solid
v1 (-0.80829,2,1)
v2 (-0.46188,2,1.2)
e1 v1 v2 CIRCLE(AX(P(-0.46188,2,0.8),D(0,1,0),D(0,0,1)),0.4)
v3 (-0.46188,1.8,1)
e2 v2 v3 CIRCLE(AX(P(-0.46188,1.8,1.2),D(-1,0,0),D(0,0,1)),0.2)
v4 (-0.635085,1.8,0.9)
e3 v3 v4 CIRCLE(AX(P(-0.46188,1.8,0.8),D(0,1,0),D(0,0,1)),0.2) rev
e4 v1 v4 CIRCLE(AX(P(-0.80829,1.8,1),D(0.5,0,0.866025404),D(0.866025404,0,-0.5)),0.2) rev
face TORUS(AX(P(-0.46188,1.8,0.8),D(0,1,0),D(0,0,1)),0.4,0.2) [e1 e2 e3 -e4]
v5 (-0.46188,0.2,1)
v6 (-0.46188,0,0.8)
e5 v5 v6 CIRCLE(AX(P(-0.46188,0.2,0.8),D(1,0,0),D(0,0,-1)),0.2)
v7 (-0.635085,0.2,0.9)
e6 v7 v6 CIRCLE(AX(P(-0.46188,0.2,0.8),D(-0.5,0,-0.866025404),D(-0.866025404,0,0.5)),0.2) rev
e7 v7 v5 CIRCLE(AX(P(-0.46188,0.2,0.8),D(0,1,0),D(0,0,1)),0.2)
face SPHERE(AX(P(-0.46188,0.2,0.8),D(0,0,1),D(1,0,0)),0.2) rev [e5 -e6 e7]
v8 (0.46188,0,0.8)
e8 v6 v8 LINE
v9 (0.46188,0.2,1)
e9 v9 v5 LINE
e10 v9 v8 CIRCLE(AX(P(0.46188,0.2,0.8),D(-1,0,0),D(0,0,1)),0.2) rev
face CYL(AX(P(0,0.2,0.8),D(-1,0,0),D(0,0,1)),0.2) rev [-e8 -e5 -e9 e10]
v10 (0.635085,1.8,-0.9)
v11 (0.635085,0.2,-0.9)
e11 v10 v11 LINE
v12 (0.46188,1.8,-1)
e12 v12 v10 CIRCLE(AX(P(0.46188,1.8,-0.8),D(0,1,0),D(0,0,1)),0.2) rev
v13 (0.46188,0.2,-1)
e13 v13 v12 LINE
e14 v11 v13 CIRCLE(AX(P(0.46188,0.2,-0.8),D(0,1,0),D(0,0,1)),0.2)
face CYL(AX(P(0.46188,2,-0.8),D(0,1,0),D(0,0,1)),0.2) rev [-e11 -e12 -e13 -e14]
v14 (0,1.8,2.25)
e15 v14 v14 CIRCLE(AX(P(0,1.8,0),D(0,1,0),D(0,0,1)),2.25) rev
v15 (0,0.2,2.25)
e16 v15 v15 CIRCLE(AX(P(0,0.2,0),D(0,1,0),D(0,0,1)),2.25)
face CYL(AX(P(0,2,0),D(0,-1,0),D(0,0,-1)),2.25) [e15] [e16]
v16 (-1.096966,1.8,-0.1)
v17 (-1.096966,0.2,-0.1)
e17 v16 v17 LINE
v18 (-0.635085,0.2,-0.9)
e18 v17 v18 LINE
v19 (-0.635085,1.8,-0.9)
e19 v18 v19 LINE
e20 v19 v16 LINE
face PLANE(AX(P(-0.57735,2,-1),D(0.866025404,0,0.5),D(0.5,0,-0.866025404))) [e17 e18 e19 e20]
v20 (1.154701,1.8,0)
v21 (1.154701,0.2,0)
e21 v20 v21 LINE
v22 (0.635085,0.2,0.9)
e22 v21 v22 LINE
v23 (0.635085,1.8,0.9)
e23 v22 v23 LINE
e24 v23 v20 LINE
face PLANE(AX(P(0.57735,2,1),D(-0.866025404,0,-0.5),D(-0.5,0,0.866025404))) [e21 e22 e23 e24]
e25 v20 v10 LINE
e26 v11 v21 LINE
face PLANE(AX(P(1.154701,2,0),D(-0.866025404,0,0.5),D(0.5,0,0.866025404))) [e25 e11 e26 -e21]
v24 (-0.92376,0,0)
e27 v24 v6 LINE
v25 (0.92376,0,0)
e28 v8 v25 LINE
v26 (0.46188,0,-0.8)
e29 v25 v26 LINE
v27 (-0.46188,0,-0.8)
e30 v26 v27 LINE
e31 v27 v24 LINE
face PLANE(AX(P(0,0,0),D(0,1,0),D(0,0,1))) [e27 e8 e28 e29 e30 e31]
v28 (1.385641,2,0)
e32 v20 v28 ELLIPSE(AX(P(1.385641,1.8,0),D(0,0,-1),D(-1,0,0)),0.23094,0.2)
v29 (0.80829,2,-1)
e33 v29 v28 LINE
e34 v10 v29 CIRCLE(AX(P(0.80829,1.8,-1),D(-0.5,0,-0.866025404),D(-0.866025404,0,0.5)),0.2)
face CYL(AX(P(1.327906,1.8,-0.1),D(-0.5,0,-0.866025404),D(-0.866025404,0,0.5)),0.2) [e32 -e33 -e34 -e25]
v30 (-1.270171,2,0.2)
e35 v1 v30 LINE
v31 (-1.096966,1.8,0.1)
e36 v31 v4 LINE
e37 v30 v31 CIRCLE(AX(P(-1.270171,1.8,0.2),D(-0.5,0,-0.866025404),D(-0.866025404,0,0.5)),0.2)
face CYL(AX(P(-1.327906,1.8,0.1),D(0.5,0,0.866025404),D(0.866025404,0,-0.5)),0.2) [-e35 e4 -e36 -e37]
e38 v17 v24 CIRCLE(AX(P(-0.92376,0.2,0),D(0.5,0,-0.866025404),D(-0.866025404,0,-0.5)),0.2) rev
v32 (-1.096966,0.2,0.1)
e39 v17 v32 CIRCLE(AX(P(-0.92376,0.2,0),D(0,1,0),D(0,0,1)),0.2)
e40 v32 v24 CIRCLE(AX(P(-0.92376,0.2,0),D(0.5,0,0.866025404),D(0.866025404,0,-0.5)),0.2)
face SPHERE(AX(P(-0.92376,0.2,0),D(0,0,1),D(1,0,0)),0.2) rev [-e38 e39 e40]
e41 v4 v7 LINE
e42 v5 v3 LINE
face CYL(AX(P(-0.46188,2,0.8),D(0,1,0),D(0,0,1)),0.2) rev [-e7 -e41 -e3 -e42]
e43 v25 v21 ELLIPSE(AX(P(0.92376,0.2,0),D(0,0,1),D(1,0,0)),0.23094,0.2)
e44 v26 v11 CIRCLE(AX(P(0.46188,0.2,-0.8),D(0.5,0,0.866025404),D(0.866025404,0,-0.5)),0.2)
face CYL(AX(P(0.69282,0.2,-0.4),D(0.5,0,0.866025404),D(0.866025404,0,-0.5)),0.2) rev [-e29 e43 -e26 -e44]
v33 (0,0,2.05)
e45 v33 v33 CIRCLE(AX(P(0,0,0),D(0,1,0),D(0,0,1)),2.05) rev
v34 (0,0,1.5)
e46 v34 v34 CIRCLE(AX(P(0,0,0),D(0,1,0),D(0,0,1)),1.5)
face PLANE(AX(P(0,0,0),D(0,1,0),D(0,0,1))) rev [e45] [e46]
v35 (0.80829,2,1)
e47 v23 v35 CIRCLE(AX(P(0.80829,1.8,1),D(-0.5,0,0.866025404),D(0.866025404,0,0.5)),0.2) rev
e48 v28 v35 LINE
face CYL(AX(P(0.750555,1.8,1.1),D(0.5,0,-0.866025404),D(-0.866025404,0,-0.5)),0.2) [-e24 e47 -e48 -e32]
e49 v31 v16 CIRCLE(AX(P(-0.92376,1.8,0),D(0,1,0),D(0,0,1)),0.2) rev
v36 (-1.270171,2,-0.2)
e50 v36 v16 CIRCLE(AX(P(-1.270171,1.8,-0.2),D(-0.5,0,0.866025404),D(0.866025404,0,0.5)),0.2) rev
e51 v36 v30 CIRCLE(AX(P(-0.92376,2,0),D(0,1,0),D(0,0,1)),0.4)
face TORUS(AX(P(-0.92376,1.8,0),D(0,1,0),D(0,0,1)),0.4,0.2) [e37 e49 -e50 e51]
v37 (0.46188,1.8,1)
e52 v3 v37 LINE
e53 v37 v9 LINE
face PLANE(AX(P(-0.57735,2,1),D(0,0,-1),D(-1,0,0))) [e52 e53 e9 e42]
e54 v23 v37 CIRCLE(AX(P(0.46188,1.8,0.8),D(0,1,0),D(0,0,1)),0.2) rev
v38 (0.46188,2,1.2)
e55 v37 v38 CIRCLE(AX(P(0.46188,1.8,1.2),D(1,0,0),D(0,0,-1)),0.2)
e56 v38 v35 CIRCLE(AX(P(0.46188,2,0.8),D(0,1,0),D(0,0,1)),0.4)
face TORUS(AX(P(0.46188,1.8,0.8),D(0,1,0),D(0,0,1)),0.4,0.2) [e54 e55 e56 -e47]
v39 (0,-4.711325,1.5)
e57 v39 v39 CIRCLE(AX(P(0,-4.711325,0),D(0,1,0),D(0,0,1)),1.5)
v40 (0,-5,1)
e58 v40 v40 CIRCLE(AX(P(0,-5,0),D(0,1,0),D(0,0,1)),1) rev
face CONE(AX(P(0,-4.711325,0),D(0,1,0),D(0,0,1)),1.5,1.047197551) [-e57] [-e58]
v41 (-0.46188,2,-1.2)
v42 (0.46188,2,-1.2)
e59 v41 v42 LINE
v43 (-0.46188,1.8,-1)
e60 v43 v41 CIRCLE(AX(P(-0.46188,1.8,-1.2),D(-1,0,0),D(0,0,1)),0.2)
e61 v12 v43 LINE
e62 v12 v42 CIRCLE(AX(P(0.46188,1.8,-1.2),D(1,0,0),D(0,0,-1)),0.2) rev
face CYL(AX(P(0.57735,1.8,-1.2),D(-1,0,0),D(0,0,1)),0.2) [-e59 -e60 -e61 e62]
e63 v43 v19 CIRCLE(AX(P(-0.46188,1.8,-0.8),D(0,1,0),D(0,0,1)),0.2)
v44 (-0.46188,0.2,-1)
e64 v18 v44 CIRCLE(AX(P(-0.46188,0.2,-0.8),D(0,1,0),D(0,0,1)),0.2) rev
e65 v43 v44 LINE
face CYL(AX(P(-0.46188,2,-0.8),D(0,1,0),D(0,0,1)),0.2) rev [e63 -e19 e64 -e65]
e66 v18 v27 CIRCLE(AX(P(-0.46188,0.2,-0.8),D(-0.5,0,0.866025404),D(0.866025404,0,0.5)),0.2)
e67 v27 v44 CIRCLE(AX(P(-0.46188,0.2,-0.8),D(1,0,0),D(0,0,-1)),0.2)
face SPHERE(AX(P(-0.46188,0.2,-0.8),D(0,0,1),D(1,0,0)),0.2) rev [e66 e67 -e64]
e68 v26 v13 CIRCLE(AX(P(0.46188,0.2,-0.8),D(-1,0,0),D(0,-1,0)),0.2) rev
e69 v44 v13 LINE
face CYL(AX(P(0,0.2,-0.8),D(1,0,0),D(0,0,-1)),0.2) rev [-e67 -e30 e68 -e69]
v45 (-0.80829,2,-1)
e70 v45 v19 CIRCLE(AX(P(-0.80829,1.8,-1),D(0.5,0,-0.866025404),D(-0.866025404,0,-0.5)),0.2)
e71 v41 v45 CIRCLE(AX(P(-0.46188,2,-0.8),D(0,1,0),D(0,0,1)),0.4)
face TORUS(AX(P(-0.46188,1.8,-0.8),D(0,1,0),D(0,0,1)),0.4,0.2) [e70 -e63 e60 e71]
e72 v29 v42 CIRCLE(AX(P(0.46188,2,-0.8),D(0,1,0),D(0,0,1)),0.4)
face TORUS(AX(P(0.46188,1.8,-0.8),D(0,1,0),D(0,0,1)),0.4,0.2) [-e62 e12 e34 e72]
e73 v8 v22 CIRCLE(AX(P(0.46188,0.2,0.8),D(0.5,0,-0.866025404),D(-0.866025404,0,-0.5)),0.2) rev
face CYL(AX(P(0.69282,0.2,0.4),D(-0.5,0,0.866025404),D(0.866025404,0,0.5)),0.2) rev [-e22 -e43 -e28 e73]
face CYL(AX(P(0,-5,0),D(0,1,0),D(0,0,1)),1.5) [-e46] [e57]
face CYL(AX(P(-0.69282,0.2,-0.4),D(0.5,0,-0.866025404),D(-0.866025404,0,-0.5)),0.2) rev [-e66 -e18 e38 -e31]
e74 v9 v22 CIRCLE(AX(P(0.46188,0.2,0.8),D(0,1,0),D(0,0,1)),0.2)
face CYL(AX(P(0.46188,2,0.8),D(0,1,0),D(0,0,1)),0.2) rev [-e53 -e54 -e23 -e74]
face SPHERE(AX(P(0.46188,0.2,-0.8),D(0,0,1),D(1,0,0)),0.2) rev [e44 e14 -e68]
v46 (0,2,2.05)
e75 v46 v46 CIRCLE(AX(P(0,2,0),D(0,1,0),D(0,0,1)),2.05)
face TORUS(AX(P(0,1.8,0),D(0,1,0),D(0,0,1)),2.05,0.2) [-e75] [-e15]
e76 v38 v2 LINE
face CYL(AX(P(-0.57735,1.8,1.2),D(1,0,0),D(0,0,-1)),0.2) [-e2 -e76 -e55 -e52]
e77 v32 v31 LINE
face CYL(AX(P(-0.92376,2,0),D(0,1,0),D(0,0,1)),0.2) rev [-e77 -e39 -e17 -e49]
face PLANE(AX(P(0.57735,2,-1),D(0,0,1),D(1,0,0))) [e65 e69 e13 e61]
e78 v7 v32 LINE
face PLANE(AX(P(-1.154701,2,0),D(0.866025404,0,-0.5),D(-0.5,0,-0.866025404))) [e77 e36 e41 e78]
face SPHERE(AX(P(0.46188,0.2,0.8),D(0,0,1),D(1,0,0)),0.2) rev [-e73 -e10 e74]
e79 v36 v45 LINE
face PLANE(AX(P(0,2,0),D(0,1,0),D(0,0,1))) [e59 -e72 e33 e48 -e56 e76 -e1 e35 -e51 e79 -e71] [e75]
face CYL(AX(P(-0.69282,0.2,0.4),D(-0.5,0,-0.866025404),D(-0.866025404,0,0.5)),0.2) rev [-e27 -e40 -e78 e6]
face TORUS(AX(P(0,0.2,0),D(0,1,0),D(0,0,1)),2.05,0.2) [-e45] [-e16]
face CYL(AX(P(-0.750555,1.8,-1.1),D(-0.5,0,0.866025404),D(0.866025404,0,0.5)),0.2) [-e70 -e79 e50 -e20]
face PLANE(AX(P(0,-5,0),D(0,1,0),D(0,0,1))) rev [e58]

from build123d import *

# Parameters (mm, degrees)
HEAD_SKETCH_R                  = 2.25
HEAD_DEPTH                     = 2
THREADED_SECTION_STUB_SKETCH_R = 1.5
BOSS_EXTRUDE2_DEPTH            = 5
END_OF_BOLT_CHAMFER_SIZE       = 0.5
END_OF_BOLT_CHAMFER_SIZE2      = 0.288675135
COSMETIC_FILLETS_R             = 0.2


with BuildPart() as part:
    # Head Sketch → Head (new body)
    with BuildSketch(Plane(origin=(0, 0, 0), x_dir=(1, 0, 0), z_dir=(0, 1, 0))):
        with Locations(Location((0, 0, 0), (0, 0, 270))):
            Circle(HEAD_SKETCH_R)
        Polygon((-0.577350269, 1), (-1.154700538, 0), (-0.577350269, -1), (0.577350269, -1), (1.154700538, 0), (0.577350269, 1), align=None, mode=Mode.SUBTRACT)
    extrude(amount=HEAD_DEPTH)

    # Threaded Section Stub Sketch → Boss-Extrude2 (add)
    with BuildSketch(Plane(origin=(0, 0, 0), x_dir=(1, 0, 0), z_dir=(0, 1, 0))):
        with Locations(Location((0, 0, 0), (0, 0, 270))):
            Circle(THREADED_SECTION_STUB_SKETCH_R)
    extrude(amount=-BOSS_EXTRUDE2_DEPTH)

    # End Of Bolt chamfer
    end_of_bolt_chamfer_edges = [part.edges().sort_by_distance(p)[0] for p in [
        (0, -5, -1.5),
    ]]
    end_of_bolt_chamfer_side = [part.faces().sort_by_distance(p)[0] for p in [
        (0, -5, 0),
    ]]
    chamfer(end_of_bolt_chamfer_edges, length=END_OF_BOLT_CHAMFER_SIZE, length2=END_OF_BOLT_CHAMFER_SIZE2, reference=end_of_bolt_chamfer_side[0])

    # Cosmetic Fillets
    cosmetic_fillets_edges = [part.edges().sort_by_distance(p)[0] for p in [
        (-0.577350269, 1, -1),
        (-0.8660254037844384, 0, 0.5000000000000003),
        (-1.154700538, 1, 0),
        (0, 0, 1),
        (-0.577350269, 1, 1),
        (0.8660254037844388, 0, 0.4999999999999998),
        (0.577350269, 1, 1),
        (0.8660254037844388, 0, -0.5000000000000002),
        (0, 2, -1),
        (-0.866025404, 2, -0.5),
        (-0.866025404, 2, 0.5),
        (0, 2, 1),
        (0.866025404, 2, 0.5),
        (0.866025404, 2, -0.5),
        (0, 0, -2.25),
        (0, 2, -2.25),
        (0, 0, -1),
        (0.577350269, 1, -1),
        (-0.8660254037844386, 0, -0.4999999999999998),
    ]]
    fillet(cosmetic_fillets_edges, radius=COSMETIC_FILLETS_R)


solid = part.part
